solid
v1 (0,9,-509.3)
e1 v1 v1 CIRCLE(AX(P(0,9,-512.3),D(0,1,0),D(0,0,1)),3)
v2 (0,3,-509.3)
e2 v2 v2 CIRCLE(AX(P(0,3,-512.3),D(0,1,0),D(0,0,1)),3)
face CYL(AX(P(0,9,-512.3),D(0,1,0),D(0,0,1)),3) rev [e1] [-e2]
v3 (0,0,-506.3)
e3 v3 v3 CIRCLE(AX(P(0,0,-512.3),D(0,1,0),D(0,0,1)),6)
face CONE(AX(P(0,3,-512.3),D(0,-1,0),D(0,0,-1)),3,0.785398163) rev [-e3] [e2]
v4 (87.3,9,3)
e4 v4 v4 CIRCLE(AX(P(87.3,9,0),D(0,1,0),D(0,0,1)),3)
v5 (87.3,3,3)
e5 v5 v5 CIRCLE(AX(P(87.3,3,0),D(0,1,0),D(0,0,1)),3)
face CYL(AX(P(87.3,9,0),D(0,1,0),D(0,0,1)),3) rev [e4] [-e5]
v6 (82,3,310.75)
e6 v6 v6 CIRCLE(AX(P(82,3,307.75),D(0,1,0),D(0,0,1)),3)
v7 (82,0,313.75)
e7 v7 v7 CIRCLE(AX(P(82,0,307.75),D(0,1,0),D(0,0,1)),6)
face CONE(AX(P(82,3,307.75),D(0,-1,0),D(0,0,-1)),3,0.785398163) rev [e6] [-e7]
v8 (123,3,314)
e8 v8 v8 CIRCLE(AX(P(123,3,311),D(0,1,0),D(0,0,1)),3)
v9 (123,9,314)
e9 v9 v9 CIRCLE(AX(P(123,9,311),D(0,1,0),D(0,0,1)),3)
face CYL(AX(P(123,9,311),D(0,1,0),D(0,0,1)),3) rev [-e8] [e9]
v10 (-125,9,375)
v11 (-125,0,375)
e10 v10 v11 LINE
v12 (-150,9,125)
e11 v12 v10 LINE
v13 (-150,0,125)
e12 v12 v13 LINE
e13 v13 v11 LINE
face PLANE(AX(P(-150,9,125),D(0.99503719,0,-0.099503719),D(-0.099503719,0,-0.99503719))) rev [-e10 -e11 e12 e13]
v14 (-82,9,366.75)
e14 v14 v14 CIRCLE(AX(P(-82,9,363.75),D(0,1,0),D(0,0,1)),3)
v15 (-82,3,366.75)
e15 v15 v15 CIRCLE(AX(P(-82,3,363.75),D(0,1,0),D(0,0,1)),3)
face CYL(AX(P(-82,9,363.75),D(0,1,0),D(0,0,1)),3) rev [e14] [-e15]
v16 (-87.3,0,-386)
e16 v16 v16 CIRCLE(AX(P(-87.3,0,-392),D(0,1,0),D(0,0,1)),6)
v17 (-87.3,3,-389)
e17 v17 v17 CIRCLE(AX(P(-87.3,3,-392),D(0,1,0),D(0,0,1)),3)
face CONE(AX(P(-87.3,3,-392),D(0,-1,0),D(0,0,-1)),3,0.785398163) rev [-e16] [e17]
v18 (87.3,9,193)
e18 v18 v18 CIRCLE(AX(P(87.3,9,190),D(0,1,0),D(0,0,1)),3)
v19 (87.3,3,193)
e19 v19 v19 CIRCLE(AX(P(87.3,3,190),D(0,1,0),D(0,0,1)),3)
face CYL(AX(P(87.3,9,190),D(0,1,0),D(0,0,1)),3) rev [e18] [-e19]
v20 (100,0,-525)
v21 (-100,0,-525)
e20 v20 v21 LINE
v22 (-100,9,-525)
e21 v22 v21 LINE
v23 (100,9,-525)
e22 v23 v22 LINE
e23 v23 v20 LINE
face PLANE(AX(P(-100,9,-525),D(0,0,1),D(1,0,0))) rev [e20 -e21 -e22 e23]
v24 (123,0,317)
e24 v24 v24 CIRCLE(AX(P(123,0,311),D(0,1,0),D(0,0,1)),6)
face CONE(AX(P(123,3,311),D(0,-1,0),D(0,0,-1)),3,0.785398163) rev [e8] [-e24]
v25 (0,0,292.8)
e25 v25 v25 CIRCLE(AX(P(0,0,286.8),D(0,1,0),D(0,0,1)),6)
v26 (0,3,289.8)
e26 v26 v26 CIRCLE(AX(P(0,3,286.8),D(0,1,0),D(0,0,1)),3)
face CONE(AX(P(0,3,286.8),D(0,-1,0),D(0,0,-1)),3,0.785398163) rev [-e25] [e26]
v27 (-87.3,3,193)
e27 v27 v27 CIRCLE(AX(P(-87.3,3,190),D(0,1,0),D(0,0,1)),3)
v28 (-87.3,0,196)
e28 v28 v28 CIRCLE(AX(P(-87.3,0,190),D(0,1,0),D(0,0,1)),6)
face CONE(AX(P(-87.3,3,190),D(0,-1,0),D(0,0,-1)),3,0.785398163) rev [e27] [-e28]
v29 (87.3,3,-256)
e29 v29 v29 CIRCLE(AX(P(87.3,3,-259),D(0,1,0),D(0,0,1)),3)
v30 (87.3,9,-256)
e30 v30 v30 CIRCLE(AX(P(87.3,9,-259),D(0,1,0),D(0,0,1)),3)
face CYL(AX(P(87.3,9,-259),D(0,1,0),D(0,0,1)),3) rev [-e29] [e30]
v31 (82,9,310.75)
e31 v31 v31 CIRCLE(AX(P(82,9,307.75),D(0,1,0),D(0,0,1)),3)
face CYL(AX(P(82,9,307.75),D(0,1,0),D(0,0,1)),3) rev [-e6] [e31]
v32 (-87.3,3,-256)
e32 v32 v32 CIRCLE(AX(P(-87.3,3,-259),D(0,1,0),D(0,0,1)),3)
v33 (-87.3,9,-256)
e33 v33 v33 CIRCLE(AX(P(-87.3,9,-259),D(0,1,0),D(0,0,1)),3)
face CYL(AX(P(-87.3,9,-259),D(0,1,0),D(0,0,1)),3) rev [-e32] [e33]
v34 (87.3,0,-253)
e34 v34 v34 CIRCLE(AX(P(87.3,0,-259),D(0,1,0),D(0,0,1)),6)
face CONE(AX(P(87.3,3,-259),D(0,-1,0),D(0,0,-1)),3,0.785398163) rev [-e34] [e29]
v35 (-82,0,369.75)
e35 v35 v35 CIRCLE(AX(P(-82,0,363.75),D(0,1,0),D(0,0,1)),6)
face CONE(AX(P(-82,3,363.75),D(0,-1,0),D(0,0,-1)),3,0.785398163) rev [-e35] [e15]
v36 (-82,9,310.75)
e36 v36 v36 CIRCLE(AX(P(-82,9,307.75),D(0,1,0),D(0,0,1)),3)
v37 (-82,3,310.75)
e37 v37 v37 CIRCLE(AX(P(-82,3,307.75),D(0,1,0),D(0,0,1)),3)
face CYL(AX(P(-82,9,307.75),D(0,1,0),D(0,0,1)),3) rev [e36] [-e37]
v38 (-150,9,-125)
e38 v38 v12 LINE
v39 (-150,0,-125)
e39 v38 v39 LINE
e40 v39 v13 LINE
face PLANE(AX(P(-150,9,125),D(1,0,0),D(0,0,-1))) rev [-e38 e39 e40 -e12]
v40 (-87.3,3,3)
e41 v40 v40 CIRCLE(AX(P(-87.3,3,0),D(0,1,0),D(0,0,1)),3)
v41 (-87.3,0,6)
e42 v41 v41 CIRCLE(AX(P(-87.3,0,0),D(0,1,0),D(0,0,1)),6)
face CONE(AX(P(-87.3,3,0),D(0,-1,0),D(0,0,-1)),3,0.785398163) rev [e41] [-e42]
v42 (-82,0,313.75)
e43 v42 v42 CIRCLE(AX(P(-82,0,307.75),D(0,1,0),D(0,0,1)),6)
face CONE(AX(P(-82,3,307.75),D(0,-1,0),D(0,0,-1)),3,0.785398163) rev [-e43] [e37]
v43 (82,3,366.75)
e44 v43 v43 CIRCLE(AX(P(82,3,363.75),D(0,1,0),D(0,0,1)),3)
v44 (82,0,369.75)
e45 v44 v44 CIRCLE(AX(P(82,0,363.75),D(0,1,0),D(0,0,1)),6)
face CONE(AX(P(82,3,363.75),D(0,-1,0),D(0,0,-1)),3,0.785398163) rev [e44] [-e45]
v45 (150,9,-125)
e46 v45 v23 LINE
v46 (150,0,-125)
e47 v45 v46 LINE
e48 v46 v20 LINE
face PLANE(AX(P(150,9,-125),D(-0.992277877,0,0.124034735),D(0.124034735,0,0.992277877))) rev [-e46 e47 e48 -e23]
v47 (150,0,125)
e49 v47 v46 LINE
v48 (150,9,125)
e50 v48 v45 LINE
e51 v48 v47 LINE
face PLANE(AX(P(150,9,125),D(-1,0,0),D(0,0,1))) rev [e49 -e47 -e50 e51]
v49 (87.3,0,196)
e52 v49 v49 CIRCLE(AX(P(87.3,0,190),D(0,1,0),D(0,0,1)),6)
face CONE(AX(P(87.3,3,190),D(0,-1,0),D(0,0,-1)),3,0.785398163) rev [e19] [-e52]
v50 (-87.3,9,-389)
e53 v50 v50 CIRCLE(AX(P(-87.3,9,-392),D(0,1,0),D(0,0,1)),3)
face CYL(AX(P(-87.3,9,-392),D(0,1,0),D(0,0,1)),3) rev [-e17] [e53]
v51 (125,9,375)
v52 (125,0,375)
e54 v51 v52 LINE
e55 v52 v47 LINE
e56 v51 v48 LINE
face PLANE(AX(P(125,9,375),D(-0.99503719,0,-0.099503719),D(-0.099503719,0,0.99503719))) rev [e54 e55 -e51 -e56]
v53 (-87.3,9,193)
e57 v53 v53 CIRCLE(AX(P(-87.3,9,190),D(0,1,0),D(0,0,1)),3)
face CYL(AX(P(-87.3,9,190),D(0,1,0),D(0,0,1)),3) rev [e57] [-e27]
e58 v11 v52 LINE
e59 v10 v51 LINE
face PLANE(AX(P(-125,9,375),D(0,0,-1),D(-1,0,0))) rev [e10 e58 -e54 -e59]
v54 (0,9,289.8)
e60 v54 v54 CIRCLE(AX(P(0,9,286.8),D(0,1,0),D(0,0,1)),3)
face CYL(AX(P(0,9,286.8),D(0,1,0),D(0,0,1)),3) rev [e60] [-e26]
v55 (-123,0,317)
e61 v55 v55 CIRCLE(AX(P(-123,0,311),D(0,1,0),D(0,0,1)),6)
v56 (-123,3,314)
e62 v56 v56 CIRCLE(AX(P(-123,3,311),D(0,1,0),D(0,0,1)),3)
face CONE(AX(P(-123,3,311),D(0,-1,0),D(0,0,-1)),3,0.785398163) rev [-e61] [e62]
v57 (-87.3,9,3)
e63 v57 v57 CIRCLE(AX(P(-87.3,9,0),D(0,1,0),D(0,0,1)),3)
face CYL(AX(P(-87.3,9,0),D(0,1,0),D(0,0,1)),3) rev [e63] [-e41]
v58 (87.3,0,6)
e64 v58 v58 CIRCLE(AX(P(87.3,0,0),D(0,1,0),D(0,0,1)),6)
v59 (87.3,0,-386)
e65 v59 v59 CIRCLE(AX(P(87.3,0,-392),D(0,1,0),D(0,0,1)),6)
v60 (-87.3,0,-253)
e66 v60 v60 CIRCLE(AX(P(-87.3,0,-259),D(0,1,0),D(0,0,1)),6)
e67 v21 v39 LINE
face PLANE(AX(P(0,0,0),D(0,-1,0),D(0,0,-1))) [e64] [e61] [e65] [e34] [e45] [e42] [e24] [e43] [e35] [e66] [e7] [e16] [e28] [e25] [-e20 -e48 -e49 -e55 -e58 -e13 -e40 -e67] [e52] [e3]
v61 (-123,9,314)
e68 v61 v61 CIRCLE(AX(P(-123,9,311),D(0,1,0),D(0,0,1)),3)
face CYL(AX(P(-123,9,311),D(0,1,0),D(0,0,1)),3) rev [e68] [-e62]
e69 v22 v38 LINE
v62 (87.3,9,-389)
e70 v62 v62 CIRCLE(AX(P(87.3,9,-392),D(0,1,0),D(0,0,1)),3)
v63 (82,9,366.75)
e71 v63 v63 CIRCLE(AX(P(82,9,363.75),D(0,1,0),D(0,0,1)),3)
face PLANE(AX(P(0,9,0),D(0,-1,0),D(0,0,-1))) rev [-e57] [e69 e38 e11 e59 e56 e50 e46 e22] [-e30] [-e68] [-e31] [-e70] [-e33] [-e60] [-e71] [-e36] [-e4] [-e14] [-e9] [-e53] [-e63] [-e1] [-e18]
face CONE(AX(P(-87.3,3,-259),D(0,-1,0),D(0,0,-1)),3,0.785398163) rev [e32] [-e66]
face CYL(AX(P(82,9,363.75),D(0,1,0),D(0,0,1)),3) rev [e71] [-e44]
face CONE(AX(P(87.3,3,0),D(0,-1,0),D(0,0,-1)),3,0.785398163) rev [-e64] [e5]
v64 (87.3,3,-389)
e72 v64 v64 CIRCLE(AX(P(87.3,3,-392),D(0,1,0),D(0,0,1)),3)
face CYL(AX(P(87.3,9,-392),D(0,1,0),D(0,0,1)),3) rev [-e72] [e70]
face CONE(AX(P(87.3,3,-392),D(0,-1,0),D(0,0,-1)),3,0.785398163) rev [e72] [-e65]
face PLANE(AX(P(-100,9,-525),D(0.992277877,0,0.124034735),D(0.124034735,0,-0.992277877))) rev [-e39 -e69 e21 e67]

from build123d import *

# Parameters (mm, degrees)
BOSS_EXTRUDE1_DEPTH                = 9
F_6_0_6_DIAMETER_HOLE1_AT_2_COUNT  = 2
F_6_0_6_DIAMETER_HOLE1_AT_2_PITCH  = 148.638420336
F_6_0_6_DIAMETER_HOLE1_AT_3_COUNT  = 2
F_6_0_6_DIAMETER_HOLE1_AT_3_PITCH  = 267.921966251
F_6_0_6_DIAMETER_HOLE1_AT_4_COUNT  = 2
F_6_0_6_DIAMETER_HOLE1_AT_4_PITCH  = 267.921966251
F_6_0_6_DIAMETER_HOLE1_AT_5_COUNT  = 2
F_6_0_6_DIAMETER_HOLE1_AT_5_PITCH  = 148.638420336
F_6_0_6_DIAMETER_HOLE1_AT_6_COUNT  = 2
F_6_0_6_DIAMETER_HOLE1_AT_6_PITCH  = 519.685077715
F_6_0_6_DIAMETER_HOLE1_AT_7_COUNT  = 2
F_6_0_6_DIAMETER_HOLE1_AT_7_PITCH  = 519.685077715
F_6_0_6_DIAMETER_HOLE1_AT_8_COUNT  = 2
F_6_0_6_DIAMETER_HOLE1_AT_8_PITCH  = 707.705150469
F_6_0_6_DIAMETER_HOLE1_AT_9_COUNT  = 2
F_6_0_6_DIAMETER_HOLE1_AT_9_PITCH  = 707.705150469
F_6_0_6_DIAMETER_HOLE1_AT_10_COUNT = 2
F_6_0_6_DIAMETER_HOLE1_AT_10_PITCH = 799.1
F_6_0_6_DIAMETER_HOLE3_D           = 6
F_6_0_6_DIAMETER_HOLE3_DEPTH       = 34.5
F_6_0_6_DIAMETER_HOLE3_TIP         = 1.802581857
F_6_0_6_DIAMETER_HOLE4_AT_2_COUNT  = 2
F_6_0_6_DIAMETER_HOLE4_AT_2_PITCH  = 246
F_6_0_6_DIAMETER_HOLE5_AT_2_COUNT  = 2
F_6_0_6_DIAMETER_HOLE5_AT_2_PITCH  = 56
F_6_0_6_DIAMETER_HOLE5_AT_3_COUNT  = 2
F_6_0_6_DIAMETER_HOLE5_AT_3_PITCH  = 164
F_6_0_6_DIAMETER_HOLE5_AT_4_COUNT  = 2
F_6_0_6_DIAMETER_HOLE5_AT_4_PITCH  = 173.297432179


with BuildPart() as part:
    # Sketch1 → Boss-Extrude1 (new body)
    with BuildSketch(Plane(origin=(0, 0, 0), x_dir=(1, 0, 0), z_dir=(0, 1, 0))):
        Polygon((-150, -125), (-150, 125), (-100, 525), (100, 525), (150, 125), (150, -125), (125, -375), (-125, -375), align=None)
    extrude(amount=BOSS_EXTRUDE1_DEPTH)

    # Sketch5 → Ø6.0 (6) Diameter Hole1 (revolve, cut)
    with BuildSketch(Plane(origin=(0, 9, -512.3), x_dir=(0, 0, 1), z_dir=(1, 0, 0))):
        Polygon((0, 0), (0, 9), (6, 9), (3, 6), (3, 0), align=None)
    f_6_0_6_diameter_hole1 = revolve(axis=Axis((0, 15.35, -512.3), (0, -1, 0)), mode=Mode.SUBTRACT)

    # Ø6.0 (6) Diameter Hole1 at 2: Ø6.0 (6) Diameter Hole1 ×2
    with Locations(*[Vector(-0.587331323, 0, 0.809346599) * (i * F_6_0_6_DIAMETER_HOLE1_AT_2_PITCH) for i in range(1, F_6_0_6_DIAMETER_HOLE1_AT_2_COUNT)]):
        add(f_6_0_6_diameter_hole1, mode=Mode.SUBTRACT)

    # Ø6.0 (6) Diameter Hole1 at 3: Ø6.0 (6) Diameter Hole1 ×2
    with Locations(*[Vector(-0.325841144, 0, 0.945424534) * (i * F_6_0_6_DIAMETER_HOLE1_AT_3_PITCH) for i in range(1, F_6_0_6_DIAMETER_HOLE1_AT_3_COUNT)]):
        add(f_6_0_6_diameter_hole1, mode=Mode.SUBTRACT)

    # Ø6.0 (6) Diameter Hole1 at 4: Ø6.0 (6) Diameter Hole1 ×2
    with Locations(*[Vector(0.325841144, 0, 0.945424534) * (i * F_6_0_6_DIAMETER_HOLE1_AT_4_PITCH) for i in range(1, F_6_0_6_DIAMETER_HOLE1_AT_4_COUNT)]):
        add(f_6_0_6_diameter_hole1, mode=Mode.SUBTRACT)

    # Ø6.0 (6) Diameter Hole1 at 5: Ø6.0 (6) Diameter Hole1 ×2
    with Locations(*[Vector(0.587331323, 0, 0.809346599) * (i * F_6_0_6_DIAMETER_HOLE1_AT_5_PITCH) for i in range(1, F_6_0_6_DIAMETER_HOLE1_AT_5_COUNT)]):
        add(f_6_0_6_diameter_hole1, mode=Mode.SUBTRACT)

    # Ø6.0 (6) Diameter Hole1 at 6: Ø6.0 (6) Diameter Hole1 ×2
    with Locations(*[Vector(0.167986351, 0, 0.985789321) * (i * F_6_0_6_DIAMETER_HOLE1_AT_6_PITCH) for i in range(1, F_6_0_6_DIAMETER_HOLE1_AT_6_COUNT)]):
        add(f_6_0_6_diameter_hole1, mode=Mode.SUBTRACT)

    # Ø6.0 (6) Diameter Hole1 at 7: Ø6.0 (6) Diameter Hole1 ×2
    with Locations(*[Vector(-0.167986351, 0, 0.985789321) * (i * F_6_0_6_DIAMETER_HOLE1_AT_7_PITCH) for i in range(1, F_6_0_6_DIAMETER_HOLE1_AT_7_COUNT)]):
        add(f_6_0_6_diameter_hole1, mode=Mode.SUBTRACT)

    # Ø6.0 (6) Diameter Hole1 at 8: Ø6.0 (6) Diameter Hole1 ×2
    with Locations(*[Vector(-0.123356457, 0, 0.992362426) * (i * F_6_0_6_DIAMETER_HOLE1_AT_8_PITCH) for i in range(1, F_6_0_6_DIAMETER_HOLE1_AT_8_COUNT)]):
        add(f_6_0_6_diameter_hole1, mode=Mode.SUBTRACT)

    # Ø6.0 (6) Diameter Hole1 at 9: Ø6.0 (6) Diameter Hole1 ×2
    with Locations(*[Vector(0.123356457, 0, 0.992362426) * (i * F_6_0_6_DIAMETER_HOLE1_AT_9_PITCH) for i in range(1, F_6_0_6_DIAMETER_HOLE1_AT_9_COUNT)]):
        add(f_6_0_6_diameter_hole1, mode=Mode.SUBTRACT)

    # Ø6.0 (6) Diameter Hole1 at 10: Ø6.0 (6) Diameter Hole1 ×2
    with Locations(*[(0, 0, i * F_6_0_6_DIAMETER_HOLE1_AT_10_PITCH) for i in range(1, F_6_0_6_DIAMETER_HOLE1_AT_10_COUNT)]):
        add(f_6_0_6_diameter_hole1, mode=Mode.SUBTRACT)

    # Ø6.0 (6) Diameter Hole3
    with Locations(Plane(origin=(0, 0, -512.3), x_dir=(0, 0, -1), z_dir=(0, -1, 0))):
        with Locations((0, 0), (-120.3, 87.3), (-120.3, -87.3), (-253.3, -87.3), (-253.3, 87.3), (-512.3, 87.3), (-512.3, -87.3), (-702.3, -87.3), (-702.3, 87.3), (-799.1, 0)):
            Hole(F_6_0_6_DIAMETER_HOLE3_D / 2, depth=F_6_0_6_DIAMETER_HOLE3_DEPTH)
            with Locations((0, 0, -(F_6_0_6_DIAMETER_HOLE3_DEPTH + F_6_0_6_DIAMETER_HOLE3_TIP / 2))):  # 118° drill point
                Cone(0, F_6_0_6_DIAMETER_HOLE3_D / 2, F_6_0_6_DIAMETER_HOLE3_TIP, mode=Mode.SUBTRACT)

    # Sketch10 → Ø6.0 (6) Diameter Hole4 (revolve, cut)
    with BuildSketch(Plane(origin=(123, 9, 311), x_dir=(0, 0, 1), z_dir=(1, 0, 0))):
        Polygon((0, 0), (0, 9), (6, 9), (3, 6), (3, 0), align=None)
    f_6_0_6_diameter_hole4 = revolve(axis=Axis((123, 15.35, 311), (0, -1, 0)), mode=Mode.SUBTRACT)

    # Ø6.0 (6) Diameter Hole4 at 2: Ø6.0 (6) Diameter Hole4 ×2
    with Locations(*[(-i * F_6_0_6_DIAMETER_HOLE4_AT_2_PITCH, 0, 0) for i in range(1, F_6_0_6_DIAMETER_HOLE4_AT_2_COUNT)]):
        add(f_6_0_6_diameter_hole4, mode=Mode.SUBTRACT)

    # Sketch12 → Ø6.0 (6) Diameter Hole5 (revolve, cut)
    with BuildSketch(Plane(origin=(-82, 9, 363.75), x_dir=(0, 0, 1), z_dir=(1, 0, 0))):
        Polygon((0, 0), (0, 9), (6, 9), (3, 6), (3, 0), align=None)
    f_6_0_6_diameter_hole5 = revolve(axis=Axis((-82, 15.35, 363.75), (0, -1, 0)), mode=Mode.SUBTRACT)

    # Ø6.0 (6) Diameter Hole5 at 2: Ø6.0 (6) Diameter Hole5 ×2
    with Locations(*[(0, 0, -i * F_6_0_6_DIAMETER_HOLE5_AT_2_PITCH) for i in range(1, F_6_0_6_DIAMETER_HOLE5_AT_2_COUNT)]):
        add(f_6_0_6_diameter_hole5, mode=Mode.SUBTRACT)

    # Ø6.0 (6) Diameter Hole5 at 3: Ø6.0 (6) Diameter Hole5 ×2
    with Locations(*[(i * F_6_0_6_DIAMETER_HOLE5_AT_3_PITCH, 0, 0) for i in range(1, F_6_0_6_DIAMETER_HOLE5_AT_3_COUNT)]):
        add(f_6_0_6_diameter_hole5, mode=Mode.SUBTRACT)

    # Ø6.0 (6) Diameter Hole5 at 4: Ø6.0 (6) Diameter Hole5 ×2
    with Locations(*[Vector(0.946349856, 0, -0.323143853) * (i * F_6_0_6_DIAMETER_HOLE5_AT_4_PITCH) for i in range(1, F_6_0_6_DIAMETER_HOLE5_AT_4_COUNT)]):
        add(f_6_0_6_diameter_hole5, mode=Mode.SUBTRACT)


solid = part.part
